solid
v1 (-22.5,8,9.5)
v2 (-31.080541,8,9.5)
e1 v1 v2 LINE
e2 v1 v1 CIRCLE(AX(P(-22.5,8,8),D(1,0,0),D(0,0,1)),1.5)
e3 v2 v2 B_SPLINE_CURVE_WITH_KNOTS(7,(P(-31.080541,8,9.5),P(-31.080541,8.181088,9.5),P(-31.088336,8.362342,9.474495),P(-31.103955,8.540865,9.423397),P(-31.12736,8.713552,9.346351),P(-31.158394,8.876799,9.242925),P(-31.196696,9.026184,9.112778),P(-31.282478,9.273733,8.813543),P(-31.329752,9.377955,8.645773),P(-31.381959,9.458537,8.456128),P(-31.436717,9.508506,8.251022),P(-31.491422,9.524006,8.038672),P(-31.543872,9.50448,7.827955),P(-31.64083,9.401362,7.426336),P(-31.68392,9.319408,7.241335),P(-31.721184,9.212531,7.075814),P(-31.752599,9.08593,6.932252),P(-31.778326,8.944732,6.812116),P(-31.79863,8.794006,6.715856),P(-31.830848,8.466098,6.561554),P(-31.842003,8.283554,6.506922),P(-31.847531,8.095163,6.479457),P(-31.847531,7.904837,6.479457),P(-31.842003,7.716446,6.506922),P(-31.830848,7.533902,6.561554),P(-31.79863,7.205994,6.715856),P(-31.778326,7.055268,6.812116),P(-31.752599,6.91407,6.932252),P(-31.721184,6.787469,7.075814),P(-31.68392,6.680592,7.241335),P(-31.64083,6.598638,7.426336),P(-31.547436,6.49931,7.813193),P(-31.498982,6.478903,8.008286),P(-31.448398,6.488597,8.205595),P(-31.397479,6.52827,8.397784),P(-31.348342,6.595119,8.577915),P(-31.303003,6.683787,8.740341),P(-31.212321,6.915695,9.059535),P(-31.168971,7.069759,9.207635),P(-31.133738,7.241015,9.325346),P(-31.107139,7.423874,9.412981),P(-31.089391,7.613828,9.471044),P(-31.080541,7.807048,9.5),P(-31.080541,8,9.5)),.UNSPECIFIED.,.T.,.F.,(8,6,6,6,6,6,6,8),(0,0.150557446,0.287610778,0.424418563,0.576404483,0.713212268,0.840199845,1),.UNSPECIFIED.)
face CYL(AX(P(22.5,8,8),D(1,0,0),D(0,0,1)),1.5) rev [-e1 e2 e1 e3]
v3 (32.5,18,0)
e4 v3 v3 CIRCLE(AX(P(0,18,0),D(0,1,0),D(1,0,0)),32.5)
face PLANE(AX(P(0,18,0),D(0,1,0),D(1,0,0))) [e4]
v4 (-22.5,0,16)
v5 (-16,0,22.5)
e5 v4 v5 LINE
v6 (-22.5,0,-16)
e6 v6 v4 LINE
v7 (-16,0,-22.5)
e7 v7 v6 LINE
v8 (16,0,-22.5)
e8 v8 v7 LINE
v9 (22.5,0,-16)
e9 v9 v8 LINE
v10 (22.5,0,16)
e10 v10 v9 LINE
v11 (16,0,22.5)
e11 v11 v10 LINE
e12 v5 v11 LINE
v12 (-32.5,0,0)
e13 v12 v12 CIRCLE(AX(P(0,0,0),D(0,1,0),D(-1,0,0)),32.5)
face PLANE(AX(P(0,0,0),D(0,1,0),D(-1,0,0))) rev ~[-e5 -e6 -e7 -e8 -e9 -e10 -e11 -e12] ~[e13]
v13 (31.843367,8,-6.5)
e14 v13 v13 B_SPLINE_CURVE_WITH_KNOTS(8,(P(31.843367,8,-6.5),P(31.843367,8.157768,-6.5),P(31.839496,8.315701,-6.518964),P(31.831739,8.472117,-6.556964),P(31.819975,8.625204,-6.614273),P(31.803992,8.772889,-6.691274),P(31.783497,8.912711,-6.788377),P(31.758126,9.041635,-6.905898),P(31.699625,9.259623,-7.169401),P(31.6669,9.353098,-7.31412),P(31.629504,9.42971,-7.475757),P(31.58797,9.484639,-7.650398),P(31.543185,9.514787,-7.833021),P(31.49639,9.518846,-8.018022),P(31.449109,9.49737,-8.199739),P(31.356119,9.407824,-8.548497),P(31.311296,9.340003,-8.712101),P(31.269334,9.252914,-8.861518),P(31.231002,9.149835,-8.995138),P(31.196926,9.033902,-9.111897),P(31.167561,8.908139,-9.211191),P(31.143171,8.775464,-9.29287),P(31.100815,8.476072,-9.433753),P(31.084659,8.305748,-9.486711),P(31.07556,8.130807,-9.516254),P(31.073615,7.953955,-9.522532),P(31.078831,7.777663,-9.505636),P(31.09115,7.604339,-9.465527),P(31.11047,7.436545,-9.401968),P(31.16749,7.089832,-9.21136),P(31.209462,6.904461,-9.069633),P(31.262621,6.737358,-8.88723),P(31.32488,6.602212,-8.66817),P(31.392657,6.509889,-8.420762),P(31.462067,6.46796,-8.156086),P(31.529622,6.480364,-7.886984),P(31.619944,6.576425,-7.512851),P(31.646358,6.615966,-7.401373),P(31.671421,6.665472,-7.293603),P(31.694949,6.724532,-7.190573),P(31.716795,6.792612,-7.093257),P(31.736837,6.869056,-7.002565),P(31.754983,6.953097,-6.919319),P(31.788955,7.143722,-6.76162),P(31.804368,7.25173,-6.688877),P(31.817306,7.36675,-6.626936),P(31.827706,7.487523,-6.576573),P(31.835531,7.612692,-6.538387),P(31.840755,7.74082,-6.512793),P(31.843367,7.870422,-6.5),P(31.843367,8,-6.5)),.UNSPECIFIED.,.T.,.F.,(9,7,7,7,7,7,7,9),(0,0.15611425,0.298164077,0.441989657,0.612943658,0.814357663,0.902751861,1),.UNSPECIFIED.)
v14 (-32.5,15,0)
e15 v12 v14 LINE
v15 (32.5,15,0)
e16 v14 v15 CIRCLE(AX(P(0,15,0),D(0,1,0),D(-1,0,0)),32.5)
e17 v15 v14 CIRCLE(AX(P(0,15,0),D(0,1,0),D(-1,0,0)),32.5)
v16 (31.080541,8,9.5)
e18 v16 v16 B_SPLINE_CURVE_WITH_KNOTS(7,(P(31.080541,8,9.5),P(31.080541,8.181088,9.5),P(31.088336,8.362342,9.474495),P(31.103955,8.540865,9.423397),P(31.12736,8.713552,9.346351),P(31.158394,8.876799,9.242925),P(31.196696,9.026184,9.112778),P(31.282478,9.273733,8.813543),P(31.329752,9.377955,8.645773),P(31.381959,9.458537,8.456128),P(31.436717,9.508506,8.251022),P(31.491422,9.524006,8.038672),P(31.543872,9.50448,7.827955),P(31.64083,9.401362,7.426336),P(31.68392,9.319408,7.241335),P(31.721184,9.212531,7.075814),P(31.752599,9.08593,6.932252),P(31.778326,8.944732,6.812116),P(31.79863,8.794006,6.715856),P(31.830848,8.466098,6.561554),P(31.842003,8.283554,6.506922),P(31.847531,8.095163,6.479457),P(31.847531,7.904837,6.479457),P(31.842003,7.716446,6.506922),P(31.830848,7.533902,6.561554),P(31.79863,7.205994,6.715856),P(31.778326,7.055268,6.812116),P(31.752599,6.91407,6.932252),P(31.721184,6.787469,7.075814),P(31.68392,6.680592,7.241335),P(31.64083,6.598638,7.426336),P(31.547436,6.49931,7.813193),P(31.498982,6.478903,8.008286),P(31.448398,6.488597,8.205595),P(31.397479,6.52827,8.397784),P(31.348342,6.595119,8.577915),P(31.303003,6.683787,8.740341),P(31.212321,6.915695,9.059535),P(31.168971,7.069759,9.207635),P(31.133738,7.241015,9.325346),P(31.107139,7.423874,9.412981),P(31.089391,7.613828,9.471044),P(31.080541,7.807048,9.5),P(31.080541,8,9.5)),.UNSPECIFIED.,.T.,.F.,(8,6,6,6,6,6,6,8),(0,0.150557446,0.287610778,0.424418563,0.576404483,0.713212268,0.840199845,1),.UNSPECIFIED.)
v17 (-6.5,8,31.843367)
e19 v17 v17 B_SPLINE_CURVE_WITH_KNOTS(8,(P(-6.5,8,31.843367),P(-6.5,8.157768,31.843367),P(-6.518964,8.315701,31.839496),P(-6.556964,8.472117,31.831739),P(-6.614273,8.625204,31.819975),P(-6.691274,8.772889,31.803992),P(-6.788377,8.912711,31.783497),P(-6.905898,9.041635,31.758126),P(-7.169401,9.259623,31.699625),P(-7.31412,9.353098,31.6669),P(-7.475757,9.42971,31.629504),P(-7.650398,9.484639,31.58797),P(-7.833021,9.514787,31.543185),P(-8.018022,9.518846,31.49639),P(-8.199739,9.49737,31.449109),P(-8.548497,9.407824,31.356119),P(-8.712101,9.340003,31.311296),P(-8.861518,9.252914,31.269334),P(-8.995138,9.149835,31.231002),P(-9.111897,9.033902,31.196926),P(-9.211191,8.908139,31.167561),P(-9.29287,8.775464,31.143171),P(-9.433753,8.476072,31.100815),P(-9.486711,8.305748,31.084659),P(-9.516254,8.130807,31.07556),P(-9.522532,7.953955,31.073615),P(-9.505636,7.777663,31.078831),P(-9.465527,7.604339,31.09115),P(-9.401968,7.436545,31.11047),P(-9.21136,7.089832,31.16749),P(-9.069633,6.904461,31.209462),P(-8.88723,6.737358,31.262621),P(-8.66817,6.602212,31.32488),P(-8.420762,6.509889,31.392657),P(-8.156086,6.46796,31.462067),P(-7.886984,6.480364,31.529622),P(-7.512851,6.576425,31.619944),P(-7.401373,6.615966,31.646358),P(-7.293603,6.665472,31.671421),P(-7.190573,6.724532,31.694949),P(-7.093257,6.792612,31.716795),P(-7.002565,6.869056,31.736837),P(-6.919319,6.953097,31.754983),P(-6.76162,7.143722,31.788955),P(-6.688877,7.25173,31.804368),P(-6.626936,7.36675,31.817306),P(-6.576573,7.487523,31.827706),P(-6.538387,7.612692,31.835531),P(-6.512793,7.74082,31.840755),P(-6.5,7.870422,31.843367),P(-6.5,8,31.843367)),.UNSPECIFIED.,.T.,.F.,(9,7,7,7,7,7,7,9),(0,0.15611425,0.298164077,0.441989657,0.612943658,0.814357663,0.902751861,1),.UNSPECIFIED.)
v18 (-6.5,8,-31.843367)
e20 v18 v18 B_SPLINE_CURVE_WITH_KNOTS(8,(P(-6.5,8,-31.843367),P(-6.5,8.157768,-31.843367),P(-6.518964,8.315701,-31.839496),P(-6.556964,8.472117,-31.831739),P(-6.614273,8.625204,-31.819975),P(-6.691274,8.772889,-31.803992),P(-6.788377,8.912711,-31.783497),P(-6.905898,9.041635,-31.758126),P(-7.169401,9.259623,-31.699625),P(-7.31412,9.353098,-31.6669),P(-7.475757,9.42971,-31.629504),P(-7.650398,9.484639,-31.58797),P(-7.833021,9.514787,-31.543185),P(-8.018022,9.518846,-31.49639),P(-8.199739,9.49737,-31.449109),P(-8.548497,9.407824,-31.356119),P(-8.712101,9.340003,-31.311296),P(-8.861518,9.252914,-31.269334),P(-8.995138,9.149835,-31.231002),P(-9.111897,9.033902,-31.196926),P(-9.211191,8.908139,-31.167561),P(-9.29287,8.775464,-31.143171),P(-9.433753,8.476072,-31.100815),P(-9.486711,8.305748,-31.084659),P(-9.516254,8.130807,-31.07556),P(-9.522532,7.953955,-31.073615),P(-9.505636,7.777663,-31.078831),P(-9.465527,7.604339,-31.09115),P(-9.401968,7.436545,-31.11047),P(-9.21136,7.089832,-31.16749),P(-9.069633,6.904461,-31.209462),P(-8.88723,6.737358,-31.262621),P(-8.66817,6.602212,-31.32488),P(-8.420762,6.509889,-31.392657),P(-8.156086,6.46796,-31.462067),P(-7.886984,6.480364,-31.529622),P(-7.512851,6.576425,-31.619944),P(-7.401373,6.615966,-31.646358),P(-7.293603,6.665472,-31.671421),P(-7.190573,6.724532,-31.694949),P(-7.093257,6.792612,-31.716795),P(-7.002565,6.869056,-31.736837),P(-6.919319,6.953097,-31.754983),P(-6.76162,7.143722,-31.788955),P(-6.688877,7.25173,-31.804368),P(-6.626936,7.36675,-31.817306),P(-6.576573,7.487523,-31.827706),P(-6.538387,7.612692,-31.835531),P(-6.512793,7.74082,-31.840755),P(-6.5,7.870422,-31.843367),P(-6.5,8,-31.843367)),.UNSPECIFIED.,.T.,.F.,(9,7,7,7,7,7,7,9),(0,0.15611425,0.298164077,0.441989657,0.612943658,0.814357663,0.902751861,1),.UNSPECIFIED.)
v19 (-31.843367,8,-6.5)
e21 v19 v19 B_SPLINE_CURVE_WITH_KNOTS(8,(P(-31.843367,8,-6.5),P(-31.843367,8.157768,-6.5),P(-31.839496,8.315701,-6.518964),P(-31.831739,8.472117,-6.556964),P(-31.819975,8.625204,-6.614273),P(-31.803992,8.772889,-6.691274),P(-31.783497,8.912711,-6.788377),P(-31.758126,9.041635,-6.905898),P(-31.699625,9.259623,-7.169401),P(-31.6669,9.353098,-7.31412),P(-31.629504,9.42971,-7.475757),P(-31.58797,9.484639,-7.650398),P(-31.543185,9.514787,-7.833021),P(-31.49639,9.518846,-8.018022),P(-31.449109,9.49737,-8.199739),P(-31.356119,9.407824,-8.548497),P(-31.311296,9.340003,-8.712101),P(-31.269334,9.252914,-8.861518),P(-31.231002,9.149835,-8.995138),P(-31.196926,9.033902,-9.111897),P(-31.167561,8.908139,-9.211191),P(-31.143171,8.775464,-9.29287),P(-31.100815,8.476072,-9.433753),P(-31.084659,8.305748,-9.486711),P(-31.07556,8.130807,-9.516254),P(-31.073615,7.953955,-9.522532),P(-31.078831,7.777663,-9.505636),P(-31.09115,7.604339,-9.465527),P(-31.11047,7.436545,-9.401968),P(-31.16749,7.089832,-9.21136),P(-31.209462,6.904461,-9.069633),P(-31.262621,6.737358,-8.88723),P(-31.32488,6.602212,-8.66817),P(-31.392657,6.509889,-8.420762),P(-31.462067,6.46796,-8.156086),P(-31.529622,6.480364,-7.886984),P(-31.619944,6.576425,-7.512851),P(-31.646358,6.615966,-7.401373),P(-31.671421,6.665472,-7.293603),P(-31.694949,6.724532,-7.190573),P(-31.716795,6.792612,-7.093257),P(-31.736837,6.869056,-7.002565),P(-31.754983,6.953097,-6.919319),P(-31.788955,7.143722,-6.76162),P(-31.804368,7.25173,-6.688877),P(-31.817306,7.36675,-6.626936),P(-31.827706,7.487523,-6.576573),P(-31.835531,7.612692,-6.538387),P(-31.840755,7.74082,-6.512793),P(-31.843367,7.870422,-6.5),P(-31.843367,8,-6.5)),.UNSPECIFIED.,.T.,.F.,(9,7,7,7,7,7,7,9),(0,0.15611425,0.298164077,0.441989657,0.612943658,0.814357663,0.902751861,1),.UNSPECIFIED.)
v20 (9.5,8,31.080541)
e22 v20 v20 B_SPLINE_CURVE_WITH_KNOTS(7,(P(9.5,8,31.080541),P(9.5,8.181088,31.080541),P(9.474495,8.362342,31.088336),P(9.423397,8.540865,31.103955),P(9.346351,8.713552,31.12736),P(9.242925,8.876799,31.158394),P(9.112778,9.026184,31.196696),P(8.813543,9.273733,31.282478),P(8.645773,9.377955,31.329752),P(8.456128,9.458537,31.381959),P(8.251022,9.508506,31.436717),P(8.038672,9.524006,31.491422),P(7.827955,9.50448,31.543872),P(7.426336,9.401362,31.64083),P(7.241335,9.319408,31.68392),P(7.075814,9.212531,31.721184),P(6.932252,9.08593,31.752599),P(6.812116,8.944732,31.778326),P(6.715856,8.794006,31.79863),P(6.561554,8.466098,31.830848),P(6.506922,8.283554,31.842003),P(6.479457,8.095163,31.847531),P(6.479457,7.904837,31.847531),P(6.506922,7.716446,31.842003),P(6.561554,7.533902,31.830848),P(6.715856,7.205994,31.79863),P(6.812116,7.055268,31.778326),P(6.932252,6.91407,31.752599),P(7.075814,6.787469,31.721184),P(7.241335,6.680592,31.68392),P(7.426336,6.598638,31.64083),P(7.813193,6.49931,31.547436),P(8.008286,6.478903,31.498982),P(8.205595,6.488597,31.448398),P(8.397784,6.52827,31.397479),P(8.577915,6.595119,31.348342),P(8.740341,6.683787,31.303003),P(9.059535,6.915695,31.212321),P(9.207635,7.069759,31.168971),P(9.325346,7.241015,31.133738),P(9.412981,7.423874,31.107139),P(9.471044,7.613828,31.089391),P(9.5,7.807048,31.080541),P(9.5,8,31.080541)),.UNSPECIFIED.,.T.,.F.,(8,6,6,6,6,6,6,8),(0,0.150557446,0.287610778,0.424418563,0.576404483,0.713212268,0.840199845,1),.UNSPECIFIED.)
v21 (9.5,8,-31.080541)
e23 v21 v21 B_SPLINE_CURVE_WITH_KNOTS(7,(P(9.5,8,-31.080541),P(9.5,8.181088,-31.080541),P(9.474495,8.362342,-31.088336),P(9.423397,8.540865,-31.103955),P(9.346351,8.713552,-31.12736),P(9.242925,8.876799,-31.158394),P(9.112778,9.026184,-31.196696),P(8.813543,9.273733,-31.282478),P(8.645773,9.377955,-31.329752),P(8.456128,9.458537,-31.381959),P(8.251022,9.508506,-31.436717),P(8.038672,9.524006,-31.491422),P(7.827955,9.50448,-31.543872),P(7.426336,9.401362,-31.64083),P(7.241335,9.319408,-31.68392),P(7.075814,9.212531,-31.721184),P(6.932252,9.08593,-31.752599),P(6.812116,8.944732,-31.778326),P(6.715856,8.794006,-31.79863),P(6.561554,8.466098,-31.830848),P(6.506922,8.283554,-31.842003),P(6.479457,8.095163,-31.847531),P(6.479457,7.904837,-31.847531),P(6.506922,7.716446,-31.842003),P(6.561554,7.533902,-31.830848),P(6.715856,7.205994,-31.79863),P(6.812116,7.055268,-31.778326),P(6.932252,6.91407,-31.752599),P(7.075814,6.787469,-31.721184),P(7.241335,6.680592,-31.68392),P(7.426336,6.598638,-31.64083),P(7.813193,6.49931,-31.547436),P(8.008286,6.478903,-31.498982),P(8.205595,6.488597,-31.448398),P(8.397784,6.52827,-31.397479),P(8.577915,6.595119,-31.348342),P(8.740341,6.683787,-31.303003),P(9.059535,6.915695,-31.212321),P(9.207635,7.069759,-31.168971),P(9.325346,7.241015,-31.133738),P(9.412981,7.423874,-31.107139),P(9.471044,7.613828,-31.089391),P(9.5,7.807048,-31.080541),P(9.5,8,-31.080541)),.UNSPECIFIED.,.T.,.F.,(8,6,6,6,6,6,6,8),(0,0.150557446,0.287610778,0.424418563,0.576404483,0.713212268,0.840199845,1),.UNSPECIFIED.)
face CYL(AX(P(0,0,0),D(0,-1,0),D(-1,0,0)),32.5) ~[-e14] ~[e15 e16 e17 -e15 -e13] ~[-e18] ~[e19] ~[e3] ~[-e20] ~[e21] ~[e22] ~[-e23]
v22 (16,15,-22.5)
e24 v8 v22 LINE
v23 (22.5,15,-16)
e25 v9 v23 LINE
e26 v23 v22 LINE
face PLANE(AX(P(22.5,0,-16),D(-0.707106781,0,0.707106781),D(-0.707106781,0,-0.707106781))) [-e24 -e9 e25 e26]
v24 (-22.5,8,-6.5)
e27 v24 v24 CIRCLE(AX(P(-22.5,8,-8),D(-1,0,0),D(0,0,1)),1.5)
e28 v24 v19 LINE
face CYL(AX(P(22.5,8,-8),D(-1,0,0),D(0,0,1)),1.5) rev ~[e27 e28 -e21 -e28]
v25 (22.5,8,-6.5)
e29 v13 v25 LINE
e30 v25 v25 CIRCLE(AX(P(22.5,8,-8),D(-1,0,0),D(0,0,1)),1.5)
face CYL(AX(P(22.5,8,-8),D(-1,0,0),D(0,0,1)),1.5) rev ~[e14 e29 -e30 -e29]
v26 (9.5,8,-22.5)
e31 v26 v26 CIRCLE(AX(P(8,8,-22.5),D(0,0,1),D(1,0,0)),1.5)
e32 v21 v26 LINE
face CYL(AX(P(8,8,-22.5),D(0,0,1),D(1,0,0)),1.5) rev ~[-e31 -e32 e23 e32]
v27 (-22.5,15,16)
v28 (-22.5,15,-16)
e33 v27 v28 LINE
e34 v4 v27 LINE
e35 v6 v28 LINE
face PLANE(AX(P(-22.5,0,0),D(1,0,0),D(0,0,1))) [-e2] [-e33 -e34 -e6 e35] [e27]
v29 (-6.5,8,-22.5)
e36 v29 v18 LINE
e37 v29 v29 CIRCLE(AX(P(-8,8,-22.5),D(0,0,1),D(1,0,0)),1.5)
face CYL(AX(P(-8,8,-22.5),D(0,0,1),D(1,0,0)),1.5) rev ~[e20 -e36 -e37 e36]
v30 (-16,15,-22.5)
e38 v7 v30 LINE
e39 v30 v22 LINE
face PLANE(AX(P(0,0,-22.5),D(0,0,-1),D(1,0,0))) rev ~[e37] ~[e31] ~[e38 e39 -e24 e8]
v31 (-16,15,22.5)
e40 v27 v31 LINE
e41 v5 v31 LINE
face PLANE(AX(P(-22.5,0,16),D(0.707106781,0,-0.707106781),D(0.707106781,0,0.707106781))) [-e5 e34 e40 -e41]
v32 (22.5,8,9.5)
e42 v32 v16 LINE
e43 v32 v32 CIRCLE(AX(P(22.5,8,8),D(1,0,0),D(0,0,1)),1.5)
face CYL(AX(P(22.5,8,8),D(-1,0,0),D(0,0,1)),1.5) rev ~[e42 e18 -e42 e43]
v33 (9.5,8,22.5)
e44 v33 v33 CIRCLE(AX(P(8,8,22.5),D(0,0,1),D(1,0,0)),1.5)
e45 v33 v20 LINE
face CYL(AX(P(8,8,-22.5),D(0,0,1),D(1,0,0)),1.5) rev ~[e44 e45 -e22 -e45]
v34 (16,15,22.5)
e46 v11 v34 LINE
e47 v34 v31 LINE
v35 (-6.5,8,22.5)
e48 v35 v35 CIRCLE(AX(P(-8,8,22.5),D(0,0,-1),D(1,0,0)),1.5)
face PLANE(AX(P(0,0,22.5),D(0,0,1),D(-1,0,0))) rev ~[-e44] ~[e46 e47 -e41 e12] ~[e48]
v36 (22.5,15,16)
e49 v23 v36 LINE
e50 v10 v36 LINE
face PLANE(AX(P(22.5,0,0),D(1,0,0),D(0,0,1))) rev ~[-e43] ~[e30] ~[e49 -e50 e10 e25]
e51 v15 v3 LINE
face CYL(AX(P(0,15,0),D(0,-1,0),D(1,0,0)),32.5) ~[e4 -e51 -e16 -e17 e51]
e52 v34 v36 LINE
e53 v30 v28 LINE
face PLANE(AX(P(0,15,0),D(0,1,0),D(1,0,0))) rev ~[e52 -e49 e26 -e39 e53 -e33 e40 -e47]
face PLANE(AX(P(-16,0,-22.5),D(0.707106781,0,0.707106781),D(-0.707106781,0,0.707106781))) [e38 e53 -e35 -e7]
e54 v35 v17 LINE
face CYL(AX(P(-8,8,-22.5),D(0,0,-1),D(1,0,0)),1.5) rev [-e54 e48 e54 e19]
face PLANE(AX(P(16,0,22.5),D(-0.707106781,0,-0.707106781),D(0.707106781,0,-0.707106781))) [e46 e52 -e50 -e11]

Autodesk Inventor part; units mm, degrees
ref_plane "YZ Plane" through (0, 0, 0) normal (1, 0, 0) x (0, 1, 0)
ref_plane "XZ Plane" through (0, 0, 0) normal (0, 1, 0) x (-1, 0, 0)
ref_plane "XY Plane" through (0, 0, 0) normal (0, 0, 1) x (1, 0, 0)
sketch "Boceto1" plane through (0, 0, 0) normal (0, 1, 0) x (-1, 0, 0)
  circle A0 centre (0, 0) radius 32.5
  line L0 (0, 0) -> (22.5, 0)
  line L1 (22.5, 0) -> (22.5, -16)
  line L2 (22.5, -16) -> (22.5, 16)
  line L3 (0, 0) -> (0, 22.5)
  line L4 (0, 22.5) -> (16, 22.5)
  line L5 (16, 22.5) -> (-16, 22.5)
  line L6 (0, 0) -> (-22.5, 0)
  line L7 (-22.5, 0) -> (-22.5, 16)
  line L8 (-22.5, 16) -> (-22.5, -16)
  line L9 (0, 0) -> (0, -22.5)
  line L10 (0, -22.5) -> (-16, -22.5)
  line L11 (-16, -22.5) -> (16, -22.5)
  line L12 (22.5, 16) -> (16, 22.5)
  line L13 (-16, 22.5) -> (-22.5, 16)
  line L14 (-22.5, -16) -> (-16, -22.5)
  line L15 (16, -22.5) -> (22.5, -16)
  dimension "d0" = 65
  dimension "d1" = 22.5
  dimension "d3" = 16
  dimension "d4" = 32
  dimension "d7" = 360
extrude "Extrusión1" add sketch "Boceto1" along normal blind 15
sketch "Boceto2" plane through (-16, 0, -22.5) normal (0, 0, 1) x (1, 0, 0)
  line L0 (16, 0) -> (16, 8)
  line L1 (16, 8) -> (24, 8)
  line L2 (24, 8) -> (8, 8)
  circle A0 centre (8, 8) radius 1.5
  circle A1 centre (24, 8) radius 1.5
  dimension "d11" = 8
  dimension "d12" = 8
  dimension "d13" = 16
  dimension "d15" = 3
  dimension "d16" = 3
extrude "Extrusión2" cut sketch "Boceto2" along normal mid plane 10200
sketch "Boceto3" plane through (22.5, 0, -16) normal (-1, 0, 0) x (0, 0, 1)
  line L0 (16, 0) -> (16, 8)
  line L1 (16, 8) -> (24, 8)
  line L2 (24, 8) -> (8, 8)
  circle A0 centre (8, 8) radius 1.5
  circle A1 centre (24, 8) radius 1.5
  dimension "d19" = 8
  dimension "d20" = 8
  dimension "d21" = 16
  dimension "d22" = 3
  dimension "d23" = 3
extrude "Extrusión3" cut sketch "Boceto3" against normal mid plane 10200
sketch "Boceto4" plane through (0, 15, 0) normal (0, 1, 0) x (1, 0, 0)
  circle A0 centre (0, 0) radius 32.5
extrude "Extrusión4" add sketch "Boceto4" along normal blind 3
properties part number "acople pinza"
